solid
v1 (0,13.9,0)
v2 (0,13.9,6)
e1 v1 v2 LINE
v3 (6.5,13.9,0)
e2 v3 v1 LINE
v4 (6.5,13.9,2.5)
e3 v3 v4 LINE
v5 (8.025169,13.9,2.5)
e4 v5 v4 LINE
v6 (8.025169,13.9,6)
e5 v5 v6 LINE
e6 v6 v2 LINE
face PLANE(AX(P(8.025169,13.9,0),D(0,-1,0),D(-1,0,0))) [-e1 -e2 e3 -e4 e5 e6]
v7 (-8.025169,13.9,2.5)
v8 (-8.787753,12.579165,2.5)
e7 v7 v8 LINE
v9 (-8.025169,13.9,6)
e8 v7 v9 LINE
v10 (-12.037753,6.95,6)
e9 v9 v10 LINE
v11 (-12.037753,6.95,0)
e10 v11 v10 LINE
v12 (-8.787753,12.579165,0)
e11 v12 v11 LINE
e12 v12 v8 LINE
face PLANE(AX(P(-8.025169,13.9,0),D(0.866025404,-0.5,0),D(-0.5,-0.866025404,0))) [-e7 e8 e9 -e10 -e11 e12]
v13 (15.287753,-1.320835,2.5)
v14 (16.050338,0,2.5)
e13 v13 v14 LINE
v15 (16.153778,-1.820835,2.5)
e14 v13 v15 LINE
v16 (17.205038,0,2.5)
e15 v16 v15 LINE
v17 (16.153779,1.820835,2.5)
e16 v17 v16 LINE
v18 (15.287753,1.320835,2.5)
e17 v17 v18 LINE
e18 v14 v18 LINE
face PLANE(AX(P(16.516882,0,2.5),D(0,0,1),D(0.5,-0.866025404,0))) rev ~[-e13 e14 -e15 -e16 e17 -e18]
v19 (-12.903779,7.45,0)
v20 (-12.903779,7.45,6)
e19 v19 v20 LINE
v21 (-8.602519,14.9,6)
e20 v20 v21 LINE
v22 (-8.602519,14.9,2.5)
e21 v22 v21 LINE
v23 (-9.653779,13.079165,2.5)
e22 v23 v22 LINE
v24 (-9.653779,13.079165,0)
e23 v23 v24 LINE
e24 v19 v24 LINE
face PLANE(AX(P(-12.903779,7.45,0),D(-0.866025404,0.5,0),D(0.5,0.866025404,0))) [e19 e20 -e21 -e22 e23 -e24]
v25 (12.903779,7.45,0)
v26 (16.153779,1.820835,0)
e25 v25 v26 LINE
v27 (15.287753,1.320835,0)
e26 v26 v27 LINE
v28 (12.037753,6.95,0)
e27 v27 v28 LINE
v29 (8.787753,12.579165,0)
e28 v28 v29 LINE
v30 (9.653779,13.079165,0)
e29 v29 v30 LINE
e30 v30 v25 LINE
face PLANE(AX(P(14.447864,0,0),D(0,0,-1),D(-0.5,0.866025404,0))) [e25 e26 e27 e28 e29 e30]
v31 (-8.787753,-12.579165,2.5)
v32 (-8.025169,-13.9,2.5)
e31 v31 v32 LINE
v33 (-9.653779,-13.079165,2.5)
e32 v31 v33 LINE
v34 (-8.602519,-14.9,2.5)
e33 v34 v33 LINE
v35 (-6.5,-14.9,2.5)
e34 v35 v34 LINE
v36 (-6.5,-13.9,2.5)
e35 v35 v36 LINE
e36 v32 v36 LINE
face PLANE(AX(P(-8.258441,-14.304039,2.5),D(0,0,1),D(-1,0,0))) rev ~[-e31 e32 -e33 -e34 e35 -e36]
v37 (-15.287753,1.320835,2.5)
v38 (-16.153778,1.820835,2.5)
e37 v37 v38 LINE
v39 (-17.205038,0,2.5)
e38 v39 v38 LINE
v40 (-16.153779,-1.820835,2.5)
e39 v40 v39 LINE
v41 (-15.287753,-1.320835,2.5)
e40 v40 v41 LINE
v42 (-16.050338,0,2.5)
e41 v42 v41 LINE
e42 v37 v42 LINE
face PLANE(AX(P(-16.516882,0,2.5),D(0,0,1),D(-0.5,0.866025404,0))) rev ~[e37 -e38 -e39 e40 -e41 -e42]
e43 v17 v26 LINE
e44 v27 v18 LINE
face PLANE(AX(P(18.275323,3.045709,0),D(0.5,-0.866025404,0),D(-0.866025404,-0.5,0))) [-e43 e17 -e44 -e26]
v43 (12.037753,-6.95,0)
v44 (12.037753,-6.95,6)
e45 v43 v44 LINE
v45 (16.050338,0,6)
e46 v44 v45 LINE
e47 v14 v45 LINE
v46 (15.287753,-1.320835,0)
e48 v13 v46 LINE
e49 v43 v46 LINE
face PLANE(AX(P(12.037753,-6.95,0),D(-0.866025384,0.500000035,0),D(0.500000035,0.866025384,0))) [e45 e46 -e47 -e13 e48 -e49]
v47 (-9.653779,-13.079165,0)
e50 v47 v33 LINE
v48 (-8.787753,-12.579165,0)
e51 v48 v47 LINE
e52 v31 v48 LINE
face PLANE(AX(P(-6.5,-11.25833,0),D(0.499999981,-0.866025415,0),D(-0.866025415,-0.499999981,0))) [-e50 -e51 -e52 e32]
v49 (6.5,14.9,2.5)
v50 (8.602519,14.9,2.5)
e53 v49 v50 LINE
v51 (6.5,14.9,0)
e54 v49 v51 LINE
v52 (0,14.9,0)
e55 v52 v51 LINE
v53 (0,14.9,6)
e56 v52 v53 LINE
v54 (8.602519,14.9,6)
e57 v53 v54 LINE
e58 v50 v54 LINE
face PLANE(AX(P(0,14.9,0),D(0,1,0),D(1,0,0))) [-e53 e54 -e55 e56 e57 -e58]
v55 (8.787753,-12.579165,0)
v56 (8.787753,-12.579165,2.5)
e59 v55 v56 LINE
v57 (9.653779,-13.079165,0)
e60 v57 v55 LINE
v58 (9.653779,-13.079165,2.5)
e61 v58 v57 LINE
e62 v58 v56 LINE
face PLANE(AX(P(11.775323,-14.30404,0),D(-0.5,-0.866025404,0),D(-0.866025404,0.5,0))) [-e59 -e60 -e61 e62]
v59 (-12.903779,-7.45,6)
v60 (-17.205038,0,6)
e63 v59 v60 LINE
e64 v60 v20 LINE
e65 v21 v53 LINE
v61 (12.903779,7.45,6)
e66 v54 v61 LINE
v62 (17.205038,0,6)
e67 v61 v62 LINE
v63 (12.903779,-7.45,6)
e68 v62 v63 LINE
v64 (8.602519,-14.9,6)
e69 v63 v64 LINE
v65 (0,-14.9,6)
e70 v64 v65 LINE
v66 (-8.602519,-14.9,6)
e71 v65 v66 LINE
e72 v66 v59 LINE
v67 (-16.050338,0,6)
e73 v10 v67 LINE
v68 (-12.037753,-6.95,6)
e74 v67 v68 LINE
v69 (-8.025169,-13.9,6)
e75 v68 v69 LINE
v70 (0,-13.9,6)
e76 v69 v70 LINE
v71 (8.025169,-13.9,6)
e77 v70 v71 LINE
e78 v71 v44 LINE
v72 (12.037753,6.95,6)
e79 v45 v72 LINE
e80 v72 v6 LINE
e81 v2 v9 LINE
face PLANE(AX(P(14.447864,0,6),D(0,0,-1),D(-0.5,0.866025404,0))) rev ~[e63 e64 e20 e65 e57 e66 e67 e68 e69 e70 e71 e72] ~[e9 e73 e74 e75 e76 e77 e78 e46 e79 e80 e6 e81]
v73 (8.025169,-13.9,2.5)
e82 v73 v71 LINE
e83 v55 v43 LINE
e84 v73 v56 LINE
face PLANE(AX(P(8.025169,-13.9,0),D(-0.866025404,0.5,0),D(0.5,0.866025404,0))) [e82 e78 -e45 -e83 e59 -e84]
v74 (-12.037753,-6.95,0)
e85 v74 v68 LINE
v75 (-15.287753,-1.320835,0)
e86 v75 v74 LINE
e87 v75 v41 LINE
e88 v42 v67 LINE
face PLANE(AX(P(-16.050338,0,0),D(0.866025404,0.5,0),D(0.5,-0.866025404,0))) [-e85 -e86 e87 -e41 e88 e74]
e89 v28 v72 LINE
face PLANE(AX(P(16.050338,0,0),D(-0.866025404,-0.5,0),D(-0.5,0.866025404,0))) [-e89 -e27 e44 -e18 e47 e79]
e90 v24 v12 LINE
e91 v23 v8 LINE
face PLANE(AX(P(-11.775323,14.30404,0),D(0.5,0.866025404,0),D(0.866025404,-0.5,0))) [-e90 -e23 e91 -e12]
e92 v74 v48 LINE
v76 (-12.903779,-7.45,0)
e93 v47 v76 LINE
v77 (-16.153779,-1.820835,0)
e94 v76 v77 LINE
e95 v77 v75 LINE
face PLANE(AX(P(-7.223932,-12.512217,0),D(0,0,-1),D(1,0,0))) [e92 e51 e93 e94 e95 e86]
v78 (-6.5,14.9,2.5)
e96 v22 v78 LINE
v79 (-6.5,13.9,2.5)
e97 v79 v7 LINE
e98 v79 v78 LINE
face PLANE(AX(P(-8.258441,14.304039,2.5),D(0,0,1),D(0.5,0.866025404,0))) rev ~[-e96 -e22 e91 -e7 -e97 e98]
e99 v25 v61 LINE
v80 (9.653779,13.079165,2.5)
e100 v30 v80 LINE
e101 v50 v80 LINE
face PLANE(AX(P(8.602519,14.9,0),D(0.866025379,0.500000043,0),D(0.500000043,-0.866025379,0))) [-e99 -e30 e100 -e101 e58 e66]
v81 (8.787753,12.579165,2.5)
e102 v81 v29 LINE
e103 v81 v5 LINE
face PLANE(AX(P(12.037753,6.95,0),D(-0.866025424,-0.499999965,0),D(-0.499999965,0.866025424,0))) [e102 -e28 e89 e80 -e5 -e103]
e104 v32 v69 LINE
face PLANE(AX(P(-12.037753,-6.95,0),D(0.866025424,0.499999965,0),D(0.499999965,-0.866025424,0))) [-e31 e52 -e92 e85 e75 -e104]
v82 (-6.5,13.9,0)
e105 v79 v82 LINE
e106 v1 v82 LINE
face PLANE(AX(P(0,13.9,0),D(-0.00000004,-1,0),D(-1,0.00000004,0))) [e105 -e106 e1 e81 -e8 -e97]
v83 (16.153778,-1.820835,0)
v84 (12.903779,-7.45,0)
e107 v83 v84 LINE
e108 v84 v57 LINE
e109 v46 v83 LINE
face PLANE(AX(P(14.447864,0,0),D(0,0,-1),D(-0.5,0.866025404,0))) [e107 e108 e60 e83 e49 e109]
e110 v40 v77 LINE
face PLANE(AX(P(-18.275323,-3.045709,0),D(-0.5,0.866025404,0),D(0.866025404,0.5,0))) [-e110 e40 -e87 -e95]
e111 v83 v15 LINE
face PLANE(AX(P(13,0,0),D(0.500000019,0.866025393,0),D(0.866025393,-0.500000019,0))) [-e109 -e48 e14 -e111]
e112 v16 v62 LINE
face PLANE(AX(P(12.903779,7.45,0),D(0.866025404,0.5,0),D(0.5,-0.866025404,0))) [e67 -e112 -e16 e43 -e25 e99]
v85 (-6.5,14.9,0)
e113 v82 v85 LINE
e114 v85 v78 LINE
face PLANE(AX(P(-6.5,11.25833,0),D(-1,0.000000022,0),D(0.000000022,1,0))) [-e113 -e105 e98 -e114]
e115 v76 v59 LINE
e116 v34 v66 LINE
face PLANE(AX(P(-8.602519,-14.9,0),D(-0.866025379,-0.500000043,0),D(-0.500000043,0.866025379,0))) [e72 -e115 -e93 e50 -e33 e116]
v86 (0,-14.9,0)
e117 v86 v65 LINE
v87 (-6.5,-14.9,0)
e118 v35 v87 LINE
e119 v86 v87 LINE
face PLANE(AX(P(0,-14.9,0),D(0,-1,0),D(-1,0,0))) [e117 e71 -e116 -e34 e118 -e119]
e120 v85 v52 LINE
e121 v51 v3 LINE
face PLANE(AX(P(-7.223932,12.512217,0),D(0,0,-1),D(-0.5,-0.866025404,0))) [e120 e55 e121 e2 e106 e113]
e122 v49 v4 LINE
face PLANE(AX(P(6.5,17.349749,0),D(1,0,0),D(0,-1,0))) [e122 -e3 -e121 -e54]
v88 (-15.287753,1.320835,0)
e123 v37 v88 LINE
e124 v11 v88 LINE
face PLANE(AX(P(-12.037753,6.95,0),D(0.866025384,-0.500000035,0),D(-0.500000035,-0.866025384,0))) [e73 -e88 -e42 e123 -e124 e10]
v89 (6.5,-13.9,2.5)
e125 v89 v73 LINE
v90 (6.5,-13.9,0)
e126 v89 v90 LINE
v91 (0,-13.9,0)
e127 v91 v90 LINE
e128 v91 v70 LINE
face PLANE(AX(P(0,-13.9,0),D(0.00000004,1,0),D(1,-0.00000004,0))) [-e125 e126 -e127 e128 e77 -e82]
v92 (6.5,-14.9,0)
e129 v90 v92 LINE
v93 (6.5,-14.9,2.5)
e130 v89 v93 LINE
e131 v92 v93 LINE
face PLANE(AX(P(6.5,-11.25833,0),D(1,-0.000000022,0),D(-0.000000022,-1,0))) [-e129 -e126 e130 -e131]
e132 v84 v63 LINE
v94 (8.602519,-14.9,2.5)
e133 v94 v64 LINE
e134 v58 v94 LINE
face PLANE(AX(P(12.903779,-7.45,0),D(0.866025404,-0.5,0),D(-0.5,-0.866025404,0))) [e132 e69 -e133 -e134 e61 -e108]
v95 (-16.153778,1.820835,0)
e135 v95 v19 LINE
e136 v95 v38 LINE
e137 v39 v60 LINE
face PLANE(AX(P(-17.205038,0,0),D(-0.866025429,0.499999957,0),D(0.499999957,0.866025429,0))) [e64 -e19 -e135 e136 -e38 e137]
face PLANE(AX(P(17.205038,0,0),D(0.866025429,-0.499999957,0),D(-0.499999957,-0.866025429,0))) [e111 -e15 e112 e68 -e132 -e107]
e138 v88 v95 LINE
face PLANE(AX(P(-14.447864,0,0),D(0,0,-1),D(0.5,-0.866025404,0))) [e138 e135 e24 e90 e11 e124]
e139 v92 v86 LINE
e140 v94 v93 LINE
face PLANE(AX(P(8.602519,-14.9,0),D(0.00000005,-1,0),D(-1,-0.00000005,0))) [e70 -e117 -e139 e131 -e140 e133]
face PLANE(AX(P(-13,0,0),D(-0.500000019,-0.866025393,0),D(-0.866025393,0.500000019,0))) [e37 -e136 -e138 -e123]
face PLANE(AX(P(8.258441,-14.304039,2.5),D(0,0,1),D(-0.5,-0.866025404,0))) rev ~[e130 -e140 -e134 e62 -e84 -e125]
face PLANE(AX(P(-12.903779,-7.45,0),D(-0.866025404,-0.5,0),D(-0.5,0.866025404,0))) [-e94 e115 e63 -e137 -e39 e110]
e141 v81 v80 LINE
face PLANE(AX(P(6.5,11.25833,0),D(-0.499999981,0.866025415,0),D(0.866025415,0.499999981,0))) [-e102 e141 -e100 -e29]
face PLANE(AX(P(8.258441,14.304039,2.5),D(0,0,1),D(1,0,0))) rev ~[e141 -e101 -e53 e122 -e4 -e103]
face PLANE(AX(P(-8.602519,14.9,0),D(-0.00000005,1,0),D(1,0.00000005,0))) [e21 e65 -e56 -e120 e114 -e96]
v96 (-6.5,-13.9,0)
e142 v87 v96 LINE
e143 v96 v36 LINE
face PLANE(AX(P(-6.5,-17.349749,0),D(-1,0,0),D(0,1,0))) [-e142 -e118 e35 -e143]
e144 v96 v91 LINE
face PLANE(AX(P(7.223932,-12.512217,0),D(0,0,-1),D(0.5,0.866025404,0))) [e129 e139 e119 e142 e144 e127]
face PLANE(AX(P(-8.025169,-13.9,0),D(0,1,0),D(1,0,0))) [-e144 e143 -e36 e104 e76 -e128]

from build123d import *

# Parameters (mm, degrees)
PAD_DEPTH          = 6
POCKET_DEPTH       = 2.5
POLARPATTERN_COUNT = 6


with BuildPart() as part:
    # Sketch → Pad (new body)
    with BuildSketch(Plane.XY):
        Polygon((0, 14.9), (8.602519, 14.9), (12.903779, 7.45), (12.037753, 6.95), (8.025169, 13.9), (0, 13.9), align=None)
    pad = extrude(amount=PAD_DEPTH)

    # Sketch001 → Pocket (cut)
    with BuildSketch(Plane.XY):
        Polygon((6.5, 11.25833), (11.775323, 14.304039), (6.5, 17.349749), align=None)
    pocket = extrude(amount=POCKET_DEPTH, mode=Mode.SUBTRACT)

    # PolarPattern: Pad, Pocket ×6 about axis
    polarpattern_axis = Axis((0, 0, 0), (0, 0, 1))
    for i in range(1, POLARPATTERN_COUNT):
        add(pad.rotate(polarpattern_axis, i * 360 / POLARPATTERN_COUNT))
        add(pocket.rotate(polarpattern_axis, i * 360 / POLARPATTERN_COUNT), mode=Mode.SUBTRACT)


solid = part.part
